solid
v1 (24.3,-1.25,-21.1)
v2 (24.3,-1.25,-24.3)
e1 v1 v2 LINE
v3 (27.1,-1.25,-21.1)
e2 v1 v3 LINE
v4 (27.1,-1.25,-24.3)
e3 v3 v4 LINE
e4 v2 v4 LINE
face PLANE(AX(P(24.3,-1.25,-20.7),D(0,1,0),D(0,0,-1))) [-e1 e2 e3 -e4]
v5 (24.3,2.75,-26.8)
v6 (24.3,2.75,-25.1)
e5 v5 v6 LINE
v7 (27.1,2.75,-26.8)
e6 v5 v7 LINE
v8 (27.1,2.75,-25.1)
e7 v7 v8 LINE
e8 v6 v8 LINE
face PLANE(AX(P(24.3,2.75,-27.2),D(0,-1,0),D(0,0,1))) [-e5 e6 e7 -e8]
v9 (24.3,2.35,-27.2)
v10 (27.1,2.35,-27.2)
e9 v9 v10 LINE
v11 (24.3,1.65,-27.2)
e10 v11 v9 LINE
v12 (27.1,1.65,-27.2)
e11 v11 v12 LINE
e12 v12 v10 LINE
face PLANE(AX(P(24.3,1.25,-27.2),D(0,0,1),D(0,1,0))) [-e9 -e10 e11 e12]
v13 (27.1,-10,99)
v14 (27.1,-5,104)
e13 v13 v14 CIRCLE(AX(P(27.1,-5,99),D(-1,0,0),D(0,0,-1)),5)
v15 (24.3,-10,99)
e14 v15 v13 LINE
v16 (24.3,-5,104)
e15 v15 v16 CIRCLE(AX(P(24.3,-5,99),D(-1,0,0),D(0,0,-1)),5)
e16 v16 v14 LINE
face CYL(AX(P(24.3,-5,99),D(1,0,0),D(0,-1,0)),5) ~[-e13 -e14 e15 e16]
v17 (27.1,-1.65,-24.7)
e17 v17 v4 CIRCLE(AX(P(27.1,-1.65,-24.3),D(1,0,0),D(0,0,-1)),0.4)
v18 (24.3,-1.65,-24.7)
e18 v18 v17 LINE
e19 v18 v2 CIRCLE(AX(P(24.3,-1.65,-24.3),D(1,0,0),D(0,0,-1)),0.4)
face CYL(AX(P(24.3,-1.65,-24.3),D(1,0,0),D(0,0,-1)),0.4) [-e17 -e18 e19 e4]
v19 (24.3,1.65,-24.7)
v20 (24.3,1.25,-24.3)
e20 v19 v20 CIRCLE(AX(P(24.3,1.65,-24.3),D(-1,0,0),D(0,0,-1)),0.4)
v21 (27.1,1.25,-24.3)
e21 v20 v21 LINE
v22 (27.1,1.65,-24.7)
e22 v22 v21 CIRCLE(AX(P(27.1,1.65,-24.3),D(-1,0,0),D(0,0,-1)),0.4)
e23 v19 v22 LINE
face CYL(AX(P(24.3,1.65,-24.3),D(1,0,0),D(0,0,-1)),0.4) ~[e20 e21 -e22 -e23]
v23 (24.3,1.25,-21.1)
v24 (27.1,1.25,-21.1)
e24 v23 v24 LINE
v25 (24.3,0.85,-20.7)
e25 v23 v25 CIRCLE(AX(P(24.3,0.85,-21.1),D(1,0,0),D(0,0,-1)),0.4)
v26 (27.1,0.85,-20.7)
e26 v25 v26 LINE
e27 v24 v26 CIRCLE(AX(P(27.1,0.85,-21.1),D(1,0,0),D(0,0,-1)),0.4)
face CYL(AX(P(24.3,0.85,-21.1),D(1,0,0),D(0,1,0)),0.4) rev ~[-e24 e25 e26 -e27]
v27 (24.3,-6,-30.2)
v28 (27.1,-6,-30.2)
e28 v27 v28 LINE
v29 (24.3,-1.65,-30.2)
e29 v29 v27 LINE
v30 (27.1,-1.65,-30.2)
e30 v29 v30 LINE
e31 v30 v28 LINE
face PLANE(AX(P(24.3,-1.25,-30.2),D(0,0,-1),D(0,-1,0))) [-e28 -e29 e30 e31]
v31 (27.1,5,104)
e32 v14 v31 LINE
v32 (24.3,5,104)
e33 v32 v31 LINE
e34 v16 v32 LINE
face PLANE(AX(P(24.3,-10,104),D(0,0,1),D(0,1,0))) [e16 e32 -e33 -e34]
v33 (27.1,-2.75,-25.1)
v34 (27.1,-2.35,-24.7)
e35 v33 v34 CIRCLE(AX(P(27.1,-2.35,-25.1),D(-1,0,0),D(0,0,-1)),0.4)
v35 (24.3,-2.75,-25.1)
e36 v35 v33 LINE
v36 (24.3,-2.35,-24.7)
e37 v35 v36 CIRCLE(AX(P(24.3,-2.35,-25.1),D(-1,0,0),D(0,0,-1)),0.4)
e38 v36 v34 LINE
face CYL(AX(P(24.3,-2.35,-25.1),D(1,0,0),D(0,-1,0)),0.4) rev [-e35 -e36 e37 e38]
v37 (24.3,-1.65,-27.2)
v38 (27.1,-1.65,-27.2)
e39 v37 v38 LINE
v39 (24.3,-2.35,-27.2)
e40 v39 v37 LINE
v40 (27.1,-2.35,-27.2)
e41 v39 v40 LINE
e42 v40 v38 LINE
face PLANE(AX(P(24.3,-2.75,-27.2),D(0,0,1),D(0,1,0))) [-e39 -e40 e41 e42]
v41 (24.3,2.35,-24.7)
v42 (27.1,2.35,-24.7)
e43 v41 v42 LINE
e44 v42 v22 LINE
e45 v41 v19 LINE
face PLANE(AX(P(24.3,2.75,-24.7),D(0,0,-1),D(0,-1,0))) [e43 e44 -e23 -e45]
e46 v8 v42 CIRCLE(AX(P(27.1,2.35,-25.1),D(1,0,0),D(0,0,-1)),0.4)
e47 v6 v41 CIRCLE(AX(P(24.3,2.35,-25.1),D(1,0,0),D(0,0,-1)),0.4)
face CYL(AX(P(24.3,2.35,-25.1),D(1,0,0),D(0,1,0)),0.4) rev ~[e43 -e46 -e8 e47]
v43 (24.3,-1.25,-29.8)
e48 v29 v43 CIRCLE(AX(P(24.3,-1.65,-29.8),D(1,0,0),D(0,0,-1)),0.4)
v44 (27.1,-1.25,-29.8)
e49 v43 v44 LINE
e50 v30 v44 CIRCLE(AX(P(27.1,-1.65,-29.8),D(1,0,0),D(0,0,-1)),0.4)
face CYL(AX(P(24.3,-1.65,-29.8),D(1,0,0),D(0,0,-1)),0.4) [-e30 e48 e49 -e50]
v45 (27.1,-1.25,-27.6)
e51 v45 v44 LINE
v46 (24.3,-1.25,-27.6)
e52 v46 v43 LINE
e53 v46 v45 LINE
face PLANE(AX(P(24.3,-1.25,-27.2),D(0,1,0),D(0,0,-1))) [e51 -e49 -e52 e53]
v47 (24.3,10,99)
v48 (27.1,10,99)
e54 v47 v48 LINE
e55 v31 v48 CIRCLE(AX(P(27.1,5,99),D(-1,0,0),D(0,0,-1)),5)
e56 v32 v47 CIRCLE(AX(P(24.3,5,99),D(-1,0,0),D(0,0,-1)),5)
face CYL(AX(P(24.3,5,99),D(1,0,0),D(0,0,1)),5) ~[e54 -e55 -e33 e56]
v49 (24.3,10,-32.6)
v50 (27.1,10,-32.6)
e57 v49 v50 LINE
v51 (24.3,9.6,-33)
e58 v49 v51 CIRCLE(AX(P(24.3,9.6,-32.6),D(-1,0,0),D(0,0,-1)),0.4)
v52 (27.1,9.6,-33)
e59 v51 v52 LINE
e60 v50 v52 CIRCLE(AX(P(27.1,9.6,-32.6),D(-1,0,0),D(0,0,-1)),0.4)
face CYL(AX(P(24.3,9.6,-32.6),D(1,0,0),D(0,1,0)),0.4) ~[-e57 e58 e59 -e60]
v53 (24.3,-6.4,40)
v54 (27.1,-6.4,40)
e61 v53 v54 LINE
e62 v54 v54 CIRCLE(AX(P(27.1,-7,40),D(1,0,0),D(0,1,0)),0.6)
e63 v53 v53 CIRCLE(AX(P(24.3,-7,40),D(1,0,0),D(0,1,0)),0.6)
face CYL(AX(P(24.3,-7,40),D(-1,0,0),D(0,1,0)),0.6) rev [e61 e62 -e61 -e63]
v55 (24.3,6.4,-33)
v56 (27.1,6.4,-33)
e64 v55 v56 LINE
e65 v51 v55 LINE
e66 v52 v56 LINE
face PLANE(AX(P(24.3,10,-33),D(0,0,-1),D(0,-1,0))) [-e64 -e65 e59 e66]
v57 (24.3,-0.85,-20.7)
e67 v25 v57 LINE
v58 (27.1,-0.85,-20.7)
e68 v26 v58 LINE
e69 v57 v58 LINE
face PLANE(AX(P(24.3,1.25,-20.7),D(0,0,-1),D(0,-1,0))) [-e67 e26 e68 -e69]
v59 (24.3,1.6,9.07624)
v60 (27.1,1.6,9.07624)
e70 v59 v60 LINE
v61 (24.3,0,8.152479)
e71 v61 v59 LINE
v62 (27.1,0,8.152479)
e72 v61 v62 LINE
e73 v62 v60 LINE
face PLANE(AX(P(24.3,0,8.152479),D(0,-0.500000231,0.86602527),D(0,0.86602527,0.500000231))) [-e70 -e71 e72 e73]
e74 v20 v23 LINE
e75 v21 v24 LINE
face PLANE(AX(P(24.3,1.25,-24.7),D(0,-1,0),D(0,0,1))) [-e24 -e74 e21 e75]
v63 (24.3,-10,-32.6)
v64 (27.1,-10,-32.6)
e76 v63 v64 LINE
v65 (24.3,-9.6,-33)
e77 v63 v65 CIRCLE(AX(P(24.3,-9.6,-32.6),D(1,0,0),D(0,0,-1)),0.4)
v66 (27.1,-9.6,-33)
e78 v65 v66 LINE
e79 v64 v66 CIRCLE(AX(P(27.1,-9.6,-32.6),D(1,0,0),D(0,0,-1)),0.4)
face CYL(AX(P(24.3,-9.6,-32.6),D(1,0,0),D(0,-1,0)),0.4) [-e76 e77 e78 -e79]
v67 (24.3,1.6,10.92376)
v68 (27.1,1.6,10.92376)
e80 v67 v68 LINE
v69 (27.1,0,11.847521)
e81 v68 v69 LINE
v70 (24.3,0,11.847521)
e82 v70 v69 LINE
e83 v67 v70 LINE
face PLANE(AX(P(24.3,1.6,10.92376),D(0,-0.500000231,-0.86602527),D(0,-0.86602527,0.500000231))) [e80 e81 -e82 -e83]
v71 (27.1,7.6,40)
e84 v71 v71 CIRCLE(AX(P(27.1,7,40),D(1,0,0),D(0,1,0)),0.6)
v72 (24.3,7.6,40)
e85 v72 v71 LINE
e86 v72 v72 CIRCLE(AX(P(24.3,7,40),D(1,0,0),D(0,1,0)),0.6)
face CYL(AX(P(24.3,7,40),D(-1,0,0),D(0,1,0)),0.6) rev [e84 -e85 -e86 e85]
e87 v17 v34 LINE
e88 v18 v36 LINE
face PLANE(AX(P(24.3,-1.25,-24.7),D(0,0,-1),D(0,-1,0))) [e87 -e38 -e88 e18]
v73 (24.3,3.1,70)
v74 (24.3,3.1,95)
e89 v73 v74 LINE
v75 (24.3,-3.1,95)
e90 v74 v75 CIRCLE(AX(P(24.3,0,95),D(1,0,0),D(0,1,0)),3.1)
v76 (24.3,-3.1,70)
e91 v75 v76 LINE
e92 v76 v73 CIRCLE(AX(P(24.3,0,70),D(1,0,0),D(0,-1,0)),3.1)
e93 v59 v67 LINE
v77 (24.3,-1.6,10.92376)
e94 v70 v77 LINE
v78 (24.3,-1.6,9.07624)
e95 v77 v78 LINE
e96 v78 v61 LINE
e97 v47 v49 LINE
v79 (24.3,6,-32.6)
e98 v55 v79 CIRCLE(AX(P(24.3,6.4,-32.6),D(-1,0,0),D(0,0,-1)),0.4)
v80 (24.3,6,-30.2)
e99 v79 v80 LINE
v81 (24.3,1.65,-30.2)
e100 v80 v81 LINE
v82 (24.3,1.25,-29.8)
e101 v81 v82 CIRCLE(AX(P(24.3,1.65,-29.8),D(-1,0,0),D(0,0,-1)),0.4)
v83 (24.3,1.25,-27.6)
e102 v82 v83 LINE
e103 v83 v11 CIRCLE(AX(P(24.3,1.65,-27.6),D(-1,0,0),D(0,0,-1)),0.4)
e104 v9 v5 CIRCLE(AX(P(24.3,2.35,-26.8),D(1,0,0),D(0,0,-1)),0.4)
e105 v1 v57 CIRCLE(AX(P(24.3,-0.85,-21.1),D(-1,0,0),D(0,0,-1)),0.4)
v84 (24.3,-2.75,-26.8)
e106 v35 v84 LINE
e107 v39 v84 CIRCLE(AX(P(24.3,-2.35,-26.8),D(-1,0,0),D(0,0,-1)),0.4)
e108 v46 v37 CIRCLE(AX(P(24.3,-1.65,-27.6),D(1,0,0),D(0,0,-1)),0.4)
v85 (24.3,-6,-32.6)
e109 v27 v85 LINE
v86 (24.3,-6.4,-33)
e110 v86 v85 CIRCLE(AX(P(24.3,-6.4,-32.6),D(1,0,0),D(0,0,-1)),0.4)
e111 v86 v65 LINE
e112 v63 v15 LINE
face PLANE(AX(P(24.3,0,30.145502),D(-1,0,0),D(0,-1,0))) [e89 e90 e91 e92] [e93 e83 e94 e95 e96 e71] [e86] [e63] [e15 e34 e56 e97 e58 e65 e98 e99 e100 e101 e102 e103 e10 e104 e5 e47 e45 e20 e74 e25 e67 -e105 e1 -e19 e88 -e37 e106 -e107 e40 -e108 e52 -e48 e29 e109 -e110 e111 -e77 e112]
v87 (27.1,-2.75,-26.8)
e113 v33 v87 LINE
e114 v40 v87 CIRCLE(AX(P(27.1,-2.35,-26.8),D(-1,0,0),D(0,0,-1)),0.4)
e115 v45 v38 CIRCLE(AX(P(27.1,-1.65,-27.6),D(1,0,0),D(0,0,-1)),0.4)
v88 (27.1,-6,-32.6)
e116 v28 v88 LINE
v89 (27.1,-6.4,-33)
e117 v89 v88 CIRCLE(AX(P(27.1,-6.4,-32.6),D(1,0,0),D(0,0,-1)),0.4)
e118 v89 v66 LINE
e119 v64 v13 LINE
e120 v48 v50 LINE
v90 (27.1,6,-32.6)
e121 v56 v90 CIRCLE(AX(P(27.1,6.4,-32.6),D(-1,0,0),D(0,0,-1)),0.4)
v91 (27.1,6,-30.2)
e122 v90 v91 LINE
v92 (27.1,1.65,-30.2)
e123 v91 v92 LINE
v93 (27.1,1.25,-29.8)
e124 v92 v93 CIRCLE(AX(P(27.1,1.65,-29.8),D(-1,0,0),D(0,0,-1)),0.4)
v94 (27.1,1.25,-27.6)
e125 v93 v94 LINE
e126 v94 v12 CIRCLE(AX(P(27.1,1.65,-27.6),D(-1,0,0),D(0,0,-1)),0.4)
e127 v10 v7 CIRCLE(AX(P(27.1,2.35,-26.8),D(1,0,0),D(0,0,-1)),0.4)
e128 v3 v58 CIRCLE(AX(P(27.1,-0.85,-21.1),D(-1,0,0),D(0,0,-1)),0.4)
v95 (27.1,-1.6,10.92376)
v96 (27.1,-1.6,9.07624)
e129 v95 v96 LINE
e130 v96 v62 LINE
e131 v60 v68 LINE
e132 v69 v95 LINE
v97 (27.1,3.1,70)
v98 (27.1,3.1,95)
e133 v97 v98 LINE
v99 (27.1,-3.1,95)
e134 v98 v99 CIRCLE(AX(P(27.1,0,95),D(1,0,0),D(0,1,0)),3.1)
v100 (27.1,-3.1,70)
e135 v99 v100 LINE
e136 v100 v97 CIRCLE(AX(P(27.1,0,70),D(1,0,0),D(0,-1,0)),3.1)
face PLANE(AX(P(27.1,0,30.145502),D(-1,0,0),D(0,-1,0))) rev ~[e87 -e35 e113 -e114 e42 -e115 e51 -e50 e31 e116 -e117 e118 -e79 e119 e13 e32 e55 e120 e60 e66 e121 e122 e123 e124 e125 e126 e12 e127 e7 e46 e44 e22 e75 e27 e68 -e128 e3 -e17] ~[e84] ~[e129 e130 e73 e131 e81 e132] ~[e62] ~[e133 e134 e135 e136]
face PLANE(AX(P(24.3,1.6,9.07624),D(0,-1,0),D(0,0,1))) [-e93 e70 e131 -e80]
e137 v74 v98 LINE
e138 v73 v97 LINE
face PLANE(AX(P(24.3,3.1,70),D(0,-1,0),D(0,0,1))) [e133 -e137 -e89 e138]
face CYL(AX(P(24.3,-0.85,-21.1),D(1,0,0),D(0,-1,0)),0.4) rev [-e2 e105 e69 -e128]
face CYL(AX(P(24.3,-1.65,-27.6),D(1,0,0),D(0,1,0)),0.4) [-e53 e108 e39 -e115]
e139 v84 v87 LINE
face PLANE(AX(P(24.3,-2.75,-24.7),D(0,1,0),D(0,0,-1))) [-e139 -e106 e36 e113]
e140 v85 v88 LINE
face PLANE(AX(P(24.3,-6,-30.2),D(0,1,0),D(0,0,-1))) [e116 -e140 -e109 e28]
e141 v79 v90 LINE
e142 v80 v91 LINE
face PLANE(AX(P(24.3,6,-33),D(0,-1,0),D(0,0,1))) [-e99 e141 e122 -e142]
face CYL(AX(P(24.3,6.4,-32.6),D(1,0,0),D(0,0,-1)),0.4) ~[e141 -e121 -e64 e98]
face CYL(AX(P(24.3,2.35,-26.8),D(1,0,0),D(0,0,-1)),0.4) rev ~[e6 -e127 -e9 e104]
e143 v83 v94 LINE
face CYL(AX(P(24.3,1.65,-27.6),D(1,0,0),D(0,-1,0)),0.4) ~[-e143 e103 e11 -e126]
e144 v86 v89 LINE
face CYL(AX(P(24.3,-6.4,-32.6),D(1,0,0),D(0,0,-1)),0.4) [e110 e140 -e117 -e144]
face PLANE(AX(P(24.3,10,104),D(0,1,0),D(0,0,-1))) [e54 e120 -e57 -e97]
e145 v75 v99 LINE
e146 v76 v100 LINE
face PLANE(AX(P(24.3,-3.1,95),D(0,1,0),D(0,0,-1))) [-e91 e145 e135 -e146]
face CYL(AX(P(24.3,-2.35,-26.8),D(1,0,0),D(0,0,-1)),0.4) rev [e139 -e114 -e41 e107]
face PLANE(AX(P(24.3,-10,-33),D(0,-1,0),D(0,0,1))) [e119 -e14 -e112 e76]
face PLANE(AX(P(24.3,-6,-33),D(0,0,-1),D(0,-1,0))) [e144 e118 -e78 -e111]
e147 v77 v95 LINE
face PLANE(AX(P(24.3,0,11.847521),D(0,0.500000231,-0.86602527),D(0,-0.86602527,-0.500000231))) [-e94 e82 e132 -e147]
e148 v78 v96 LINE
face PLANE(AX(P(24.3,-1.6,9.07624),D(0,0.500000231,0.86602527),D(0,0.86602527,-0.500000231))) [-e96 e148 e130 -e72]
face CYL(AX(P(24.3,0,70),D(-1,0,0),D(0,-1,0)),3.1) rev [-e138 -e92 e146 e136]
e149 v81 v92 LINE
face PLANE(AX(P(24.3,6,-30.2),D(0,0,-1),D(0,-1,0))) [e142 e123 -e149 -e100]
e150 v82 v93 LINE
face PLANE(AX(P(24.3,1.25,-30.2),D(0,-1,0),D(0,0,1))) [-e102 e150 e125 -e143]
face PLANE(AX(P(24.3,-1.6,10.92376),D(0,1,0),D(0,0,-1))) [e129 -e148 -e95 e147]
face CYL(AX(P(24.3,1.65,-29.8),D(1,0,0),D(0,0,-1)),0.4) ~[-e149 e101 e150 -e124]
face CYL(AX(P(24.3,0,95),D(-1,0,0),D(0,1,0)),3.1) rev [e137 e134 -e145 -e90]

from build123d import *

# Parameters (mm, degrees)
SKETCH001_R             = 0.6
PAD004_DEPTH            = 2.8
FILLET_R                = 0.4
FILLET001_R             = 5
BODY014_PLACEMENT_ANGLE = 180


with BuildPart() as part:
    # Sketch001 (on DatumPlane) → Pad004 (new body)
    with BuildSketch(Plane(origin=(-24.3, 0, 0), x_dir=(0, -1, 0), z_dir=(-1, 0, 0))):
        Polygon((-10, 84), (10, 84), (10, -53), (6, -53), (6, -50.2), (1.25, -50.2), (1.25, -47.2), (2.75, -47.2), (2.75, -44.7), (1.25, -44.7), (1.25, -40.7), (-1.25, -40.7), (-1.25, -44.7), (-2.75, -44.7), (-2.75, -47.2), (-1.25, -47.2), (-1.25, -50.2), (-6, -50.2), (-6, -53), (-10, -53), align=None)
        with Locations((-7, 20)):
            Circle(SKETCH001_R, mode=Mode.SUBTRACT)
        with Locations((7, 20)):
            Circle(SKETCH001_R, mode=Mode.SUBTRACT)
        Polygon((1.6, -9.07624), (0, -8.152479), (-1.6, -9.07624), (-1.6, -10.92376), (0, -11.847521), (1.6, -10.92376), align=None, mode=Mode.SUBTRACT)
        with BuildLine():
            ThreePointArc((3.1, 75), (0, 78.1), (-3.1, 75))
            Line((-3.1, 75), (-3.1, 50))
            ThreePointArc((-3.1, 50), (0, 46.9), (3.1, 50))
            Line((3.1, 50), (3.1, 75))
        make_face(mode=Mode.SUBTRACT)
    extrude(amount=PAD004_DEPTH)

    # Fillet
    fillet_edges = [part.edges().sort_by_distance(p)[0] for p in [
        (-25.7, 10, -53),
        (-25.7, 6, -53),
        (-25.7, -10, -53),
        (-25.7, -6, -53),
        (-25.7, 1.25, -50.2),
        (-25.7, -1.25, -50.2),
        (-25.7, 1.25, -40.7),
        (-25.7, -1.25, -40.7),
        (-25.7, 1.25, -47.2),
        (-25.7, -1.25, -47.2),
        (-25.7, 1.25, -44.7),
        (-25.7, -1.25, -44.7),
        (-25.7, -2.75, -47.2),
        (-25.7, 2.75, -47.2),
        (-25.7, 2.75, -44.7),
        (-25.7, -2.75, -44.7),
    ]]
    fillet(fillet_edges, radius=FILLET_R)

    # Fillet001
    fillet001_edges = [part.edges().sort_by_distance(p)[0] for p in [
        (-25.7, 10, 84),
        (-25.7, -10, 84),
    ]]
    fillet(fillet001_edges, radius=FILLET001_R)


with BuildPart() as part_1:
    # Body014 placement: moved
    add(part.part.moved(Location((0, 0, 20))).rotate(Axis((0, 0, 20), (0, 0, 1)), BODY014_PLACEMENT_ANGLE))


solid = part_1.part
